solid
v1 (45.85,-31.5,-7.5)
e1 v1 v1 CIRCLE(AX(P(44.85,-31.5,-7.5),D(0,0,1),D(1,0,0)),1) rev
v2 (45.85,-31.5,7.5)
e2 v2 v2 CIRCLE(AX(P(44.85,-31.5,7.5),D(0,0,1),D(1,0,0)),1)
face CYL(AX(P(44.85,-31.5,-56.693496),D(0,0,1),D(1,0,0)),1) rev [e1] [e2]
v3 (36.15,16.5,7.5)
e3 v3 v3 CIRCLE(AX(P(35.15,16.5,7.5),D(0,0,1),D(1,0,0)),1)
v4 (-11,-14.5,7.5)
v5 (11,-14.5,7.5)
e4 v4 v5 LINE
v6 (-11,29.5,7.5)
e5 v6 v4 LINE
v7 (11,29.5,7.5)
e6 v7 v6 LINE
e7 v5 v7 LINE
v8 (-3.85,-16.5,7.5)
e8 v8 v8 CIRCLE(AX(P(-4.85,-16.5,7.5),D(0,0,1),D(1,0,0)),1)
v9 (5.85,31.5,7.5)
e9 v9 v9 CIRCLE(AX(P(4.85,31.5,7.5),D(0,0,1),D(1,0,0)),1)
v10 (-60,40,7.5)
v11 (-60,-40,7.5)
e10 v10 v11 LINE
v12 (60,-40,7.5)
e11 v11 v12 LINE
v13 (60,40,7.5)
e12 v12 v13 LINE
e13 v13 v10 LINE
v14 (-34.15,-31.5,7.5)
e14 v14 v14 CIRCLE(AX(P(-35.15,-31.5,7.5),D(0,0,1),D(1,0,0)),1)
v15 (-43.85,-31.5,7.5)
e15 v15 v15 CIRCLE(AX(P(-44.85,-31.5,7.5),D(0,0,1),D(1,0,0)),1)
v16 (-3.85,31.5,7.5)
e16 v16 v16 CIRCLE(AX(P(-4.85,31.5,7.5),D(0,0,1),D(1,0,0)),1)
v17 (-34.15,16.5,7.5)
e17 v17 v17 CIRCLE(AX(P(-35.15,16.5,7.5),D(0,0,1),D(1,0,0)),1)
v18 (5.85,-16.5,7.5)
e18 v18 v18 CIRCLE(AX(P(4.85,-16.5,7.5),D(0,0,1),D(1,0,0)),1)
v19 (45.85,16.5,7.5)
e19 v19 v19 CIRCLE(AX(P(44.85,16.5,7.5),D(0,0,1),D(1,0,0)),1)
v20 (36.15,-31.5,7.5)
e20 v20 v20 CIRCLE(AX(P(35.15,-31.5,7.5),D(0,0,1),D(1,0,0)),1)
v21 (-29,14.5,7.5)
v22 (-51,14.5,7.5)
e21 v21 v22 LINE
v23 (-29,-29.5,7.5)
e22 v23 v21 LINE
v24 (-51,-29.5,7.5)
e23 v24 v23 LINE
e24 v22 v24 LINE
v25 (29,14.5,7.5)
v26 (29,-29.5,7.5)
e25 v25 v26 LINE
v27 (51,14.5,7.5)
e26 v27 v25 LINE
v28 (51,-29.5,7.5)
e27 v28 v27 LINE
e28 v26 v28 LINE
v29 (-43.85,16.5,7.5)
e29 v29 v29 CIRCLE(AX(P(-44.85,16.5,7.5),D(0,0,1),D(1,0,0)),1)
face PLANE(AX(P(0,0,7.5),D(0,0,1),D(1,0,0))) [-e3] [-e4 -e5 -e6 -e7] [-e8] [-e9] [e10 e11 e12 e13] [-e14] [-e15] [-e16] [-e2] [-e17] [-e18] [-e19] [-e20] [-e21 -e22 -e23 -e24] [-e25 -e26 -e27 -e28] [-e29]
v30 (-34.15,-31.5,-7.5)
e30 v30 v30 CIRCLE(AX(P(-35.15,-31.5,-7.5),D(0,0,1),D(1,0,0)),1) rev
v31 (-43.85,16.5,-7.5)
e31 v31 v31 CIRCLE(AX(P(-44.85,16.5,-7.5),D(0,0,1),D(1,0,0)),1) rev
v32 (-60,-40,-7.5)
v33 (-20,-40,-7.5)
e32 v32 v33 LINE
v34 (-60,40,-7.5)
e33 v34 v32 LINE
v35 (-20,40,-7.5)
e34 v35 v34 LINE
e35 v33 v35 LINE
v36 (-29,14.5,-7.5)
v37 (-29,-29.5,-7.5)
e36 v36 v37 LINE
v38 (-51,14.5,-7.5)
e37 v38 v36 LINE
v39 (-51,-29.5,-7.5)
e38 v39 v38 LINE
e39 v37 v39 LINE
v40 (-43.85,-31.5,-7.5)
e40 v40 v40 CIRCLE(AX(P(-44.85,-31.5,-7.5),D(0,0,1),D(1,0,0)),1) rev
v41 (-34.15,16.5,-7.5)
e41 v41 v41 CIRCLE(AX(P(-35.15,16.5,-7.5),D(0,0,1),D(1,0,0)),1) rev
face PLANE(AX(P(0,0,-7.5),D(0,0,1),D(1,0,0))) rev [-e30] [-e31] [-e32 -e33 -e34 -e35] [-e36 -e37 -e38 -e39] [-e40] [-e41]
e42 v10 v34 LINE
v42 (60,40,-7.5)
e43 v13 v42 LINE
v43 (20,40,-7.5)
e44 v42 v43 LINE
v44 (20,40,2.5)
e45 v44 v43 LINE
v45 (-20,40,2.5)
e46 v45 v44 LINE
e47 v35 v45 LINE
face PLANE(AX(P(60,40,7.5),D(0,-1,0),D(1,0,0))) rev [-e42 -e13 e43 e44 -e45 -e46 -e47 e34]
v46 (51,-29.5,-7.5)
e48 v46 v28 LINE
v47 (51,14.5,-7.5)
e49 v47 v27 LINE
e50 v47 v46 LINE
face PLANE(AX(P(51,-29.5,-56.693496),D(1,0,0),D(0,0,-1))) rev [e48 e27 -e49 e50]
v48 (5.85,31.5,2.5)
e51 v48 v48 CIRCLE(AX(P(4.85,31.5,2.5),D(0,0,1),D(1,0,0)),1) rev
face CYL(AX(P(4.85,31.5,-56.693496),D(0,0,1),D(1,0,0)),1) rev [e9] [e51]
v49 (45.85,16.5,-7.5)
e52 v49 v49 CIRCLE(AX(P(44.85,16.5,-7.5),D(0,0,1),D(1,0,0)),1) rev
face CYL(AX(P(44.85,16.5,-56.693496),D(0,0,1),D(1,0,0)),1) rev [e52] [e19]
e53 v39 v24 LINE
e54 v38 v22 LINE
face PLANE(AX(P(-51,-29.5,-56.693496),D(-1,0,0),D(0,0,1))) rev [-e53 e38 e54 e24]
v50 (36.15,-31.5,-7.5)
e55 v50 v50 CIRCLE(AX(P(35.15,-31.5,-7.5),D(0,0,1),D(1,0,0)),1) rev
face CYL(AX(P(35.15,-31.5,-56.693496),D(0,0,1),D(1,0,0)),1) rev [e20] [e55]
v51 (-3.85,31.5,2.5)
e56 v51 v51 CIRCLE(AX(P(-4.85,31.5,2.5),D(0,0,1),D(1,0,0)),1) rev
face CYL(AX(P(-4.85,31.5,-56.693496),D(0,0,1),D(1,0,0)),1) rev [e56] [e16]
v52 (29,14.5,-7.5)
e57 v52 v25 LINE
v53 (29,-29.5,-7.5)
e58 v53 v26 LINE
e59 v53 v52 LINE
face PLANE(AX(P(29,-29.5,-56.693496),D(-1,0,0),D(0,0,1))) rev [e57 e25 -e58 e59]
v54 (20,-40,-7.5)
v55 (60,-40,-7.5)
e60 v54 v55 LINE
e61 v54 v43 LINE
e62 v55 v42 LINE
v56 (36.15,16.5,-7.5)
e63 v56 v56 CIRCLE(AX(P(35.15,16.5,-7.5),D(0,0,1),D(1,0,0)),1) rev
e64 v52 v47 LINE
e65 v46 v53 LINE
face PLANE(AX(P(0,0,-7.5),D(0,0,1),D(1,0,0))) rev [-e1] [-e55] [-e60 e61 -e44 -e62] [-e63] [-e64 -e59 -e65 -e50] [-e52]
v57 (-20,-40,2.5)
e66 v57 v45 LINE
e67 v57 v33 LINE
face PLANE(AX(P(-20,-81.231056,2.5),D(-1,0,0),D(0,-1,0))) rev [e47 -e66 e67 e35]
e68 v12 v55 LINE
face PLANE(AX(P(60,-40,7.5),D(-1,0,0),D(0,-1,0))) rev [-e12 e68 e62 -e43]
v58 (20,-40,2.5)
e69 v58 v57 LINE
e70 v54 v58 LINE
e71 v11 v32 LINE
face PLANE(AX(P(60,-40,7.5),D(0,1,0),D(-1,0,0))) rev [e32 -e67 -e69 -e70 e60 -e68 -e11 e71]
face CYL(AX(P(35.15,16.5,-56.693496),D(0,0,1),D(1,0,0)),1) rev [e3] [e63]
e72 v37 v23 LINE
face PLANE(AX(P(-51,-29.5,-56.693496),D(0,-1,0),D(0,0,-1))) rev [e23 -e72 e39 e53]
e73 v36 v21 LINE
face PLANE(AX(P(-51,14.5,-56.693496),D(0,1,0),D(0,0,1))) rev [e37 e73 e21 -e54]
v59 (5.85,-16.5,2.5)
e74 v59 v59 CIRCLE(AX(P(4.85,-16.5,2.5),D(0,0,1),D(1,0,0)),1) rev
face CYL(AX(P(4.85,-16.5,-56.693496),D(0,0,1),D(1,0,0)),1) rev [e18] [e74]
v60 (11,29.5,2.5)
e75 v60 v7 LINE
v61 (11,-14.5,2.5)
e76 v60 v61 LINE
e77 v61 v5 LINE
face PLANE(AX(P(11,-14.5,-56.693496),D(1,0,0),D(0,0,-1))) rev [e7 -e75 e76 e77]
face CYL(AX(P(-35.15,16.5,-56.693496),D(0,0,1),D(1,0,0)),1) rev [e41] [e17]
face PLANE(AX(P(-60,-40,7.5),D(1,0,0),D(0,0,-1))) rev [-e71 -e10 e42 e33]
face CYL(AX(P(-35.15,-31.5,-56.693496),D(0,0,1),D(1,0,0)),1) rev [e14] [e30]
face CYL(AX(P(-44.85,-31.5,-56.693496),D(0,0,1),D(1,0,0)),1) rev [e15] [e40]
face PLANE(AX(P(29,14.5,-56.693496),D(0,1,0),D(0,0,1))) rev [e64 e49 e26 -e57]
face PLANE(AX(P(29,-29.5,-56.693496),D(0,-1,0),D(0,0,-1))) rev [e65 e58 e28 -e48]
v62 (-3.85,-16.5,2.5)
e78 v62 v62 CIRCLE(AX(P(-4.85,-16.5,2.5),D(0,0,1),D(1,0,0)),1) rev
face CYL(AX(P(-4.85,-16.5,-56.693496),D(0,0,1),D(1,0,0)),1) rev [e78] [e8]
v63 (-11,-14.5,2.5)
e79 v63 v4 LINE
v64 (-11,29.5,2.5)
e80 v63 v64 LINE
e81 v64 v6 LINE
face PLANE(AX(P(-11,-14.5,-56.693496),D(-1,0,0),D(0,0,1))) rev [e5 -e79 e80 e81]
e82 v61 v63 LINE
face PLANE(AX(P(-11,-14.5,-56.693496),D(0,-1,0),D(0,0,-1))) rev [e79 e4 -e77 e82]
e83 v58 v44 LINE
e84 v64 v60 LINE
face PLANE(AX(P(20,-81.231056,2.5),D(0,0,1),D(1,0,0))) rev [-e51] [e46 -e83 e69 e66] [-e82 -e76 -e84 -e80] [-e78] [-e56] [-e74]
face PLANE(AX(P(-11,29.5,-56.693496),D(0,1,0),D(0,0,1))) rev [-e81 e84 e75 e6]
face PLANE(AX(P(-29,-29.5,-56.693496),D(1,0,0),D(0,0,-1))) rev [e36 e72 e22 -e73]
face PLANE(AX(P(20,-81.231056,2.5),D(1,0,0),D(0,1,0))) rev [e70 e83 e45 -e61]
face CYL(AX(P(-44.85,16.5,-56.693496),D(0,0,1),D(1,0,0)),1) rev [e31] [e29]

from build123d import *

# Parameters (mm, degrees)
SKETCH1_W           = 120
SKETCH1_H           = 80
BOSS_EXTRUDE1_DEPTH = 7.5
SKETCH2_R           = 1
SKETCH2_W           = 22
SKETCH2_H           = 44
CUT_EXTRUDE1_DEPTH  = 15
CUT_EXTRUDE2_REACH  = 102.281
SKETCH3_W           = 40
SKETCH3_H           = 10


with BuildPart() as part:
    # Sketch1 → Boss-Extrude1 (new, symmetric)
    with BuildSketch(Plane.XY):
        Rectangle(SKETCH1_W, SKETCH1_H)
    extrude(amount=BOSS_EXTRUDE1_DEPTH, both=True)

    # Sketch2 → Cut-Extrude1 (cut)
    with BuildSketch(Plane.XY.offset(7.5)):
        with Locations((-44.85, -31.5)):
            Circle(SKETCH2_R)
        with Locations((-35.15, -31.5)):
            Circle(SKETCH2_R)
        with Locations((-35.15, 16.5)):
            Circle(SKETCH2_R)
        with Locations((-44.85, 16.5)):
            Circle(SKETCH2_R)
        with Locations((35.15, -31.5)):
            Circle(SKETCH2_R)
        with Locations((44.85, -31.5)):
            Circle(SKETCH2_R)
        with Locations((44.85, 16.5)):
            Circle(SKETCH2_R)
        with Locations((35.15, 16.5)):
            Circle(SKETCH2_R)
        with Locations((-4.85, -16.5)):
            Circle(SKETCH2_R)
        with Locations((4.85, -16.5)):
            Circle(SKETCH2_R)
        with Locations((4.85, 31.5)):
            Circle(SKETCH2_R)
        with Locations((-4.85, 31.5)):
            Circle(SKETCH2_R)
        with Locations((-40, -7.5)):
            Rectangle(SKETCH2_W, SKETCH2_H)
        with Locations((40, -7.5)):
            Rectangle(SKETCH2_W, SKETCH2_H)
        with Locations((0, 7.5)):
            Rectangle(SKETCH2_W, SKETCH2_H)
    extrude(amount=-CUT_EXTRUDE1_DEPTH, mode=Mode.SUBTRACT)

    # Cut-Extrude2: up to this face of the body (flat: up to its plane)
    cut_extrude2_end = Plane(part.part.faces().sort_by_distance((0, -40, 0))[0])
    # Sketch3 → Cut-Extrude2 (cut, up to the picked face)
    with BuildSketch(Plane(origin=(0, 40, 0), x_dir=(1, 0, 0), z_dir=(0, 1, 0)), mode=Mode.PRIVATE) as cut_extrude2_sk1:
        with Locations((0, 2.5)):
            Rectangle(SKETCH3_W, SKETCH3_H)
    cut_extrude2_tool1 = split(extrude(cut_extrude2_sk1.sketch, amount=-CUT_EXTRUDE2_REACH, mode=Mode.PRIVATE), bisect_by=cut_extrude2_end, keep=Keep.BOTH, mode=Mode.PRIVATE)
    add(cut_extrude2_tool1.solids().sort_by(Axis((0, 40, -2.5), (0, -1, 0)))[0], mode=Mode.SUBTRACT)


solid = part.part
